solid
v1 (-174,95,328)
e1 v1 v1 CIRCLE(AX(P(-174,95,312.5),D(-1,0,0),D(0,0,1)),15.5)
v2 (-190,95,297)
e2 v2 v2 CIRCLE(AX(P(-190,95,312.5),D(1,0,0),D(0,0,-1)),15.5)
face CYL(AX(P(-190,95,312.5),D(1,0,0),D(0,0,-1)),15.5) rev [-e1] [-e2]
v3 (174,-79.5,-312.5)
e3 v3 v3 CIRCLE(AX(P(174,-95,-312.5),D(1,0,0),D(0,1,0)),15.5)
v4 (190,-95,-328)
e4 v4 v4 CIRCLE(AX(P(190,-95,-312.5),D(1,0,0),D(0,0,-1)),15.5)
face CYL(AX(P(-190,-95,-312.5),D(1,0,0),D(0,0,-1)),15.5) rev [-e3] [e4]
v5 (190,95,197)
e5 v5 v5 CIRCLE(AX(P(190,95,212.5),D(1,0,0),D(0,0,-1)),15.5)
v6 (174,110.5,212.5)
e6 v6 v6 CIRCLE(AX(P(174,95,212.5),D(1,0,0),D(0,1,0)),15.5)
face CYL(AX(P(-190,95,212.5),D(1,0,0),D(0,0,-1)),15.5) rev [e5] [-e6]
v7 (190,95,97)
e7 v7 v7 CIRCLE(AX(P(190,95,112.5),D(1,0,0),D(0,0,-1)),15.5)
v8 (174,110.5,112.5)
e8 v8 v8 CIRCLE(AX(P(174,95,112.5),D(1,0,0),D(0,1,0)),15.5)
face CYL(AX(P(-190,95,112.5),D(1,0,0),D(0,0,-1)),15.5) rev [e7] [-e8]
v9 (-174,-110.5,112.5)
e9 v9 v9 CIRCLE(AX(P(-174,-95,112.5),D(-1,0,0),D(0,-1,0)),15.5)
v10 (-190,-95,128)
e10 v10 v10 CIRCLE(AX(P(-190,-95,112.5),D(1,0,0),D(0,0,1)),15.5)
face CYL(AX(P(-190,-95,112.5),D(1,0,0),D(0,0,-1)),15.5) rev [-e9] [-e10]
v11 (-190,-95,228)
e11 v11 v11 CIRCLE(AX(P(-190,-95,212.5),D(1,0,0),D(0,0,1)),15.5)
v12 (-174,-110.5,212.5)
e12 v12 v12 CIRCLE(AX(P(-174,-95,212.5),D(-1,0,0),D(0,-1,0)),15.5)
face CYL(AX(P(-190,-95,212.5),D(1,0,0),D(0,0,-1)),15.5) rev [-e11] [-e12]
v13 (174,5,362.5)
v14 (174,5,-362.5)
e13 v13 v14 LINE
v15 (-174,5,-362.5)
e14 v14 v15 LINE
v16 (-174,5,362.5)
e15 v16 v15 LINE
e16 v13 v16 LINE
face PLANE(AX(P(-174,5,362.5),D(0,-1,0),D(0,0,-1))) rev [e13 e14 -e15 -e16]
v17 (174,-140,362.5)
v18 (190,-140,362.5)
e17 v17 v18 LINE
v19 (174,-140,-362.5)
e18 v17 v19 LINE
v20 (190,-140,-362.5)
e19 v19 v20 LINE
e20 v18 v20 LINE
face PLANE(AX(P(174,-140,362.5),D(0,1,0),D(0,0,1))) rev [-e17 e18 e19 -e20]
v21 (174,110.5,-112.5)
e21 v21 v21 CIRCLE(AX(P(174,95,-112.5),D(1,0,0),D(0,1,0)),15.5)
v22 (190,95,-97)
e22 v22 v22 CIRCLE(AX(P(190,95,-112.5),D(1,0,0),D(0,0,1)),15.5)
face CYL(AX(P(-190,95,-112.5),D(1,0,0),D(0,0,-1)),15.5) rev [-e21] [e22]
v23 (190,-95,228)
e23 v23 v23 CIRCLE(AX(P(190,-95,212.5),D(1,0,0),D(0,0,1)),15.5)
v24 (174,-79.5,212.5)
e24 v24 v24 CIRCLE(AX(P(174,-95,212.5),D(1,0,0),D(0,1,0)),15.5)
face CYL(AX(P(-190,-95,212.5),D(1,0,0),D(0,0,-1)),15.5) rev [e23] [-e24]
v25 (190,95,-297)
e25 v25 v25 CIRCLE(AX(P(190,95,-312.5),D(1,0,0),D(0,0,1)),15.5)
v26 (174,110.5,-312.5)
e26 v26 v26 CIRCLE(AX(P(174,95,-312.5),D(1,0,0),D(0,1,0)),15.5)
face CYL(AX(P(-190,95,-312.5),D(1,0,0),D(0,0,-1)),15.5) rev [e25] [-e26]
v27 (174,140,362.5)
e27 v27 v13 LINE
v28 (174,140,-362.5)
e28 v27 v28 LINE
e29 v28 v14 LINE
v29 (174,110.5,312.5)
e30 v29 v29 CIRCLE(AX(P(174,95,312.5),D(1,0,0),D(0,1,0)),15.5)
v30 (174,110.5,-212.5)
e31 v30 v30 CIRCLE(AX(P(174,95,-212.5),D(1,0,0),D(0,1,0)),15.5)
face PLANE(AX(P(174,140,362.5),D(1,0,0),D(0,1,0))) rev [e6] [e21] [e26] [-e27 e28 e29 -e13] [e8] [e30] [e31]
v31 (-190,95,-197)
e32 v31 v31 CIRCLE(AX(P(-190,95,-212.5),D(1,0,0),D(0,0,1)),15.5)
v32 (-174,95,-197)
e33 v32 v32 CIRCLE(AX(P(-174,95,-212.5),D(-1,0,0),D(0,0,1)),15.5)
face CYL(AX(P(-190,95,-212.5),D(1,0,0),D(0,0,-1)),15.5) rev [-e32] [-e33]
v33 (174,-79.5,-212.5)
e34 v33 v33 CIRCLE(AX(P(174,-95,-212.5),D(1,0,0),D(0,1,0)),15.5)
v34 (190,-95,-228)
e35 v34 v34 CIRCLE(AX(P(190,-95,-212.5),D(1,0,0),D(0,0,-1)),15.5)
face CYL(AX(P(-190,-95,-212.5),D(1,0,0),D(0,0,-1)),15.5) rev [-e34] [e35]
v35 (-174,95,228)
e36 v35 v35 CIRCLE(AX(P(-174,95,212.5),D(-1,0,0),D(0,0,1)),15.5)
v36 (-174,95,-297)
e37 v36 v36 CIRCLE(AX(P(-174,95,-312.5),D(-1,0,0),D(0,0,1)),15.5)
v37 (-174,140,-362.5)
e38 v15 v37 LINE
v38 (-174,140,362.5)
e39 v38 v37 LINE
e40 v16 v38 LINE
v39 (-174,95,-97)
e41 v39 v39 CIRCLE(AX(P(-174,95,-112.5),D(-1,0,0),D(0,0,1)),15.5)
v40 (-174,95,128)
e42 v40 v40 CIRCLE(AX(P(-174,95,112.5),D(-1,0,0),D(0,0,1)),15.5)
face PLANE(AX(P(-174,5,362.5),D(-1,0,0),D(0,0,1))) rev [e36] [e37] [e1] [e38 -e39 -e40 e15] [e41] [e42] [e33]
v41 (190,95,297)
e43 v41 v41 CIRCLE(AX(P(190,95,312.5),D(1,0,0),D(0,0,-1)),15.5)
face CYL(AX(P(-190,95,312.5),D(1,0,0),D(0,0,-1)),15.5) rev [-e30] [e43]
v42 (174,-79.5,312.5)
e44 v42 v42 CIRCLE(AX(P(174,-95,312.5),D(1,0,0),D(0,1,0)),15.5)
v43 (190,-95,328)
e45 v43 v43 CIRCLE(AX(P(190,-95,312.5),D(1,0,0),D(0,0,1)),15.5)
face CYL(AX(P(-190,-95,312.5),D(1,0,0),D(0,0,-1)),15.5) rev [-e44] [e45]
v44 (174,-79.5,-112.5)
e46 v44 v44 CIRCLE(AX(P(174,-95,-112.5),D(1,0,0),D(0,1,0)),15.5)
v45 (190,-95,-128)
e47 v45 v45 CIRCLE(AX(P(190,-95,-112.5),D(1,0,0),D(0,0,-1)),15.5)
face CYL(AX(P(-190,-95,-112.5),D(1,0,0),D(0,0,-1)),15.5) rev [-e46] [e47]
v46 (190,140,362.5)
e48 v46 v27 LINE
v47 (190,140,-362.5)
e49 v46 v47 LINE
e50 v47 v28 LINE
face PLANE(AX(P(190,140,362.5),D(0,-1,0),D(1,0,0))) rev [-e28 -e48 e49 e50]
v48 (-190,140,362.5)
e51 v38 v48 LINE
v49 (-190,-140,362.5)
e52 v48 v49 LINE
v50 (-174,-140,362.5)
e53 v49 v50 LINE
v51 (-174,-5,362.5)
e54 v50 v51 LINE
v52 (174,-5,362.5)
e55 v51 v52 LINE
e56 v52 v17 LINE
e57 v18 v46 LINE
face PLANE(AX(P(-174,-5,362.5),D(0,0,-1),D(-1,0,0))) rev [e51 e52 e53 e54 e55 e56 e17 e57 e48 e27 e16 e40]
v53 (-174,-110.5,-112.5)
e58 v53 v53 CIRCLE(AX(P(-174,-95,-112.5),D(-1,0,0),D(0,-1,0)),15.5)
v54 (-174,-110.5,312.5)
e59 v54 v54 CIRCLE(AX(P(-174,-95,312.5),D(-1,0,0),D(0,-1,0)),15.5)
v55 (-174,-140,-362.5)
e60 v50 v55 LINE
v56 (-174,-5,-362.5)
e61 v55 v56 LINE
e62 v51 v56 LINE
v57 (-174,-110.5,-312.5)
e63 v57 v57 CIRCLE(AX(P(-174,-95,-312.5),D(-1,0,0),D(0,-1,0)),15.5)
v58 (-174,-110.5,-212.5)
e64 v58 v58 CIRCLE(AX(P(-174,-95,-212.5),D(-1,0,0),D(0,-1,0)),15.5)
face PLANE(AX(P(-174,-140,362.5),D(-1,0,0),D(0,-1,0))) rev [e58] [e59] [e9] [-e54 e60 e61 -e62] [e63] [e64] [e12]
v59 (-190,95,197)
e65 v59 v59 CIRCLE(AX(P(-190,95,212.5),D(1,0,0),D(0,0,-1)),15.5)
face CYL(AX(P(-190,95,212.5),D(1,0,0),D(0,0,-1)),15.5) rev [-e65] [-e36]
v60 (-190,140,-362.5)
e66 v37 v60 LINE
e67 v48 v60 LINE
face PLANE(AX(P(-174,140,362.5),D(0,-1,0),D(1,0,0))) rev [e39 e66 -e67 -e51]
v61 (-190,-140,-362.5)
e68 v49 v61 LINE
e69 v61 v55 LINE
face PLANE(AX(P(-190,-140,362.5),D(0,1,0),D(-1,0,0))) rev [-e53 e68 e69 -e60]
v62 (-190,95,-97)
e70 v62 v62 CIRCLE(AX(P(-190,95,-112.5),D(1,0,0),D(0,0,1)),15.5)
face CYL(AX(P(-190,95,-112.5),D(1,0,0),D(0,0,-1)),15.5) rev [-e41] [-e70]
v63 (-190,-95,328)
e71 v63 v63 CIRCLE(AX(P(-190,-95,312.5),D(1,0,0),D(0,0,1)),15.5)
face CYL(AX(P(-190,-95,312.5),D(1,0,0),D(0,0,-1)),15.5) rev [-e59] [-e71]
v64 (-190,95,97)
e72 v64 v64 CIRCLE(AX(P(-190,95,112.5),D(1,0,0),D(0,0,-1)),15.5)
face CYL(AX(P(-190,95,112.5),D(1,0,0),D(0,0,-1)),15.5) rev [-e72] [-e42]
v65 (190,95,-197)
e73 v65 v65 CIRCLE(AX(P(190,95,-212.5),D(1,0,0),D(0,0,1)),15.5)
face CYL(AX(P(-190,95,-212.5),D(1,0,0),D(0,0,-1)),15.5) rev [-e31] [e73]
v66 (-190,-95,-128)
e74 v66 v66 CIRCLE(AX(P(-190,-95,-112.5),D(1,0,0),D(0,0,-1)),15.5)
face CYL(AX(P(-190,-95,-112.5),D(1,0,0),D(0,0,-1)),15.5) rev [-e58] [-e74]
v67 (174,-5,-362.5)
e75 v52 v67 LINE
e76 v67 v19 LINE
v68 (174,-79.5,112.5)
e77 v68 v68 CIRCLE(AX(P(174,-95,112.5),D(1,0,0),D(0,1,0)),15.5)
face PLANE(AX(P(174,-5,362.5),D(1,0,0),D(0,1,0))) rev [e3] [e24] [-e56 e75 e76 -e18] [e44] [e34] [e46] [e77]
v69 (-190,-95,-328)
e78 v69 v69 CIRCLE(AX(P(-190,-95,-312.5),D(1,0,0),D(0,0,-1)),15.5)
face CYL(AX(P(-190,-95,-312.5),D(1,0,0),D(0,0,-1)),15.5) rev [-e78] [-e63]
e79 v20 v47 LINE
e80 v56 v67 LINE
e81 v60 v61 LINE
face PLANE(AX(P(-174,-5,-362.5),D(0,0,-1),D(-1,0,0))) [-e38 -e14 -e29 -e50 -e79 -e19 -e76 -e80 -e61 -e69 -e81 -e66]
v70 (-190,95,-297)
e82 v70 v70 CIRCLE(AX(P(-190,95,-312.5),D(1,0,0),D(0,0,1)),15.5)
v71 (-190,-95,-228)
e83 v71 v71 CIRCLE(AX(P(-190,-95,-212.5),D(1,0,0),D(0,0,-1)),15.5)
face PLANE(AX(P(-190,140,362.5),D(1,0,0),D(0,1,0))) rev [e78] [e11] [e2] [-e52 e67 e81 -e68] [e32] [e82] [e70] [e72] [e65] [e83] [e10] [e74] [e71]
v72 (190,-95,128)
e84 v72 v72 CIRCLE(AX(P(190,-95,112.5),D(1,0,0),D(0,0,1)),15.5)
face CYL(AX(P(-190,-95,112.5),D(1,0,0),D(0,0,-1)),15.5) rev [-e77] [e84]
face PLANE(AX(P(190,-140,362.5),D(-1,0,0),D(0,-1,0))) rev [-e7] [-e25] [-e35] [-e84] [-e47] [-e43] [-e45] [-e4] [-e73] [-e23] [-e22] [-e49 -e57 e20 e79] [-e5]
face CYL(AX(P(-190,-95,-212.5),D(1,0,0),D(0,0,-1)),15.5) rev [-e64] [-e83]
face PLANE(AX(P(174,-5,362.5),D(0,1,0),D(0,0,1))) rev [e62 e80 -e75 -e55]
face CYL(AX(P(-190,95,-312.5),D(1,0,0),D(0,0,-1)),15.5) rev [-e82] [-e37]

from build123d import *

# Parameters (mm, degrees)
EXTRUDE_1_DEPTH          = 362.5
CUT_EXTRUDE_2_DEPTH      = 433.557799606
CUT_EXTRUDE_2_DEPTH_BACK = 433.557799606
SKETCH_3_R               = 15.5


with BuildPart() as part:
    # 草图1 → 拉伸1 (new, symmetric)
    with BuildSketch(Plane.XY):
        Polygon((-174, 140), (-190, 140), (-190, -140), (-174, -140), (-174, -5), (174, -5), (174, -140), (190, -140), (190, 140), (174, 140), (174, 5), (-174, 5), align=None)
    extrude(amount=EXTRUDE_1_DEPTH, both=True)

    # 草图3 → 拉伸2 (cut, two sides: drawn at the far end of the back side and taken through both)
    with BuildSketch(Plane(origin=(0, 0, 0), x_dir=(0, 0, -1), z_dir=(1, 0, 0)).offset(-CUT_EXTRUDE_2_DEPTH_BACK)):
        with Locations((-312.5, 95)):
            Circle(SKETCH_3_R)
        with Locations((-212.5, 95)):
            Circle(SKETCH_3_R)
        with Locations((-112.5, 95)):
            Circle(SKETCH_3_R)
        with Locations(Location((-112.5, -95, 0), (0, 0, 270))):
            Circle(SKETCH_3_R)
        with Locations(Location((-212.5, -95, 0), (0, 0, 270))):
            Circle(SKETCH_3_R)
        with Locations(Location((-312.5, -95, 0), (0, 0, 270))):
            Circle(SKETCH_3_R)
        with Locations((312.5, -95)):
            Circle(SKETCH_3_R)
        with Locations((212.5, -95)):
            Circle(SKETCH_3_R)
        with Locations((112.5, -95)):
            Circle(SKETCH_3_R)
        with Locations(Location((112.5, 95, 0), (0, 0, 180))):
            Circle(SKETCH_3_R)
        with Locations(Location((212.5, 95, 0), (0, 0, 180))):
            Circle(SKETCH_3_R)
        with Locations(Location((312.5, 95, 0), (0, 0, 180))):
            Circle(SKETCH_3_R)
    extrude(amount=CUT_EXTRUDE_2_DEPTH + CUT_EXTRUDE_2_DEPTH_BACK, mode=Mode.SUBTRACT)


solid = part.part
